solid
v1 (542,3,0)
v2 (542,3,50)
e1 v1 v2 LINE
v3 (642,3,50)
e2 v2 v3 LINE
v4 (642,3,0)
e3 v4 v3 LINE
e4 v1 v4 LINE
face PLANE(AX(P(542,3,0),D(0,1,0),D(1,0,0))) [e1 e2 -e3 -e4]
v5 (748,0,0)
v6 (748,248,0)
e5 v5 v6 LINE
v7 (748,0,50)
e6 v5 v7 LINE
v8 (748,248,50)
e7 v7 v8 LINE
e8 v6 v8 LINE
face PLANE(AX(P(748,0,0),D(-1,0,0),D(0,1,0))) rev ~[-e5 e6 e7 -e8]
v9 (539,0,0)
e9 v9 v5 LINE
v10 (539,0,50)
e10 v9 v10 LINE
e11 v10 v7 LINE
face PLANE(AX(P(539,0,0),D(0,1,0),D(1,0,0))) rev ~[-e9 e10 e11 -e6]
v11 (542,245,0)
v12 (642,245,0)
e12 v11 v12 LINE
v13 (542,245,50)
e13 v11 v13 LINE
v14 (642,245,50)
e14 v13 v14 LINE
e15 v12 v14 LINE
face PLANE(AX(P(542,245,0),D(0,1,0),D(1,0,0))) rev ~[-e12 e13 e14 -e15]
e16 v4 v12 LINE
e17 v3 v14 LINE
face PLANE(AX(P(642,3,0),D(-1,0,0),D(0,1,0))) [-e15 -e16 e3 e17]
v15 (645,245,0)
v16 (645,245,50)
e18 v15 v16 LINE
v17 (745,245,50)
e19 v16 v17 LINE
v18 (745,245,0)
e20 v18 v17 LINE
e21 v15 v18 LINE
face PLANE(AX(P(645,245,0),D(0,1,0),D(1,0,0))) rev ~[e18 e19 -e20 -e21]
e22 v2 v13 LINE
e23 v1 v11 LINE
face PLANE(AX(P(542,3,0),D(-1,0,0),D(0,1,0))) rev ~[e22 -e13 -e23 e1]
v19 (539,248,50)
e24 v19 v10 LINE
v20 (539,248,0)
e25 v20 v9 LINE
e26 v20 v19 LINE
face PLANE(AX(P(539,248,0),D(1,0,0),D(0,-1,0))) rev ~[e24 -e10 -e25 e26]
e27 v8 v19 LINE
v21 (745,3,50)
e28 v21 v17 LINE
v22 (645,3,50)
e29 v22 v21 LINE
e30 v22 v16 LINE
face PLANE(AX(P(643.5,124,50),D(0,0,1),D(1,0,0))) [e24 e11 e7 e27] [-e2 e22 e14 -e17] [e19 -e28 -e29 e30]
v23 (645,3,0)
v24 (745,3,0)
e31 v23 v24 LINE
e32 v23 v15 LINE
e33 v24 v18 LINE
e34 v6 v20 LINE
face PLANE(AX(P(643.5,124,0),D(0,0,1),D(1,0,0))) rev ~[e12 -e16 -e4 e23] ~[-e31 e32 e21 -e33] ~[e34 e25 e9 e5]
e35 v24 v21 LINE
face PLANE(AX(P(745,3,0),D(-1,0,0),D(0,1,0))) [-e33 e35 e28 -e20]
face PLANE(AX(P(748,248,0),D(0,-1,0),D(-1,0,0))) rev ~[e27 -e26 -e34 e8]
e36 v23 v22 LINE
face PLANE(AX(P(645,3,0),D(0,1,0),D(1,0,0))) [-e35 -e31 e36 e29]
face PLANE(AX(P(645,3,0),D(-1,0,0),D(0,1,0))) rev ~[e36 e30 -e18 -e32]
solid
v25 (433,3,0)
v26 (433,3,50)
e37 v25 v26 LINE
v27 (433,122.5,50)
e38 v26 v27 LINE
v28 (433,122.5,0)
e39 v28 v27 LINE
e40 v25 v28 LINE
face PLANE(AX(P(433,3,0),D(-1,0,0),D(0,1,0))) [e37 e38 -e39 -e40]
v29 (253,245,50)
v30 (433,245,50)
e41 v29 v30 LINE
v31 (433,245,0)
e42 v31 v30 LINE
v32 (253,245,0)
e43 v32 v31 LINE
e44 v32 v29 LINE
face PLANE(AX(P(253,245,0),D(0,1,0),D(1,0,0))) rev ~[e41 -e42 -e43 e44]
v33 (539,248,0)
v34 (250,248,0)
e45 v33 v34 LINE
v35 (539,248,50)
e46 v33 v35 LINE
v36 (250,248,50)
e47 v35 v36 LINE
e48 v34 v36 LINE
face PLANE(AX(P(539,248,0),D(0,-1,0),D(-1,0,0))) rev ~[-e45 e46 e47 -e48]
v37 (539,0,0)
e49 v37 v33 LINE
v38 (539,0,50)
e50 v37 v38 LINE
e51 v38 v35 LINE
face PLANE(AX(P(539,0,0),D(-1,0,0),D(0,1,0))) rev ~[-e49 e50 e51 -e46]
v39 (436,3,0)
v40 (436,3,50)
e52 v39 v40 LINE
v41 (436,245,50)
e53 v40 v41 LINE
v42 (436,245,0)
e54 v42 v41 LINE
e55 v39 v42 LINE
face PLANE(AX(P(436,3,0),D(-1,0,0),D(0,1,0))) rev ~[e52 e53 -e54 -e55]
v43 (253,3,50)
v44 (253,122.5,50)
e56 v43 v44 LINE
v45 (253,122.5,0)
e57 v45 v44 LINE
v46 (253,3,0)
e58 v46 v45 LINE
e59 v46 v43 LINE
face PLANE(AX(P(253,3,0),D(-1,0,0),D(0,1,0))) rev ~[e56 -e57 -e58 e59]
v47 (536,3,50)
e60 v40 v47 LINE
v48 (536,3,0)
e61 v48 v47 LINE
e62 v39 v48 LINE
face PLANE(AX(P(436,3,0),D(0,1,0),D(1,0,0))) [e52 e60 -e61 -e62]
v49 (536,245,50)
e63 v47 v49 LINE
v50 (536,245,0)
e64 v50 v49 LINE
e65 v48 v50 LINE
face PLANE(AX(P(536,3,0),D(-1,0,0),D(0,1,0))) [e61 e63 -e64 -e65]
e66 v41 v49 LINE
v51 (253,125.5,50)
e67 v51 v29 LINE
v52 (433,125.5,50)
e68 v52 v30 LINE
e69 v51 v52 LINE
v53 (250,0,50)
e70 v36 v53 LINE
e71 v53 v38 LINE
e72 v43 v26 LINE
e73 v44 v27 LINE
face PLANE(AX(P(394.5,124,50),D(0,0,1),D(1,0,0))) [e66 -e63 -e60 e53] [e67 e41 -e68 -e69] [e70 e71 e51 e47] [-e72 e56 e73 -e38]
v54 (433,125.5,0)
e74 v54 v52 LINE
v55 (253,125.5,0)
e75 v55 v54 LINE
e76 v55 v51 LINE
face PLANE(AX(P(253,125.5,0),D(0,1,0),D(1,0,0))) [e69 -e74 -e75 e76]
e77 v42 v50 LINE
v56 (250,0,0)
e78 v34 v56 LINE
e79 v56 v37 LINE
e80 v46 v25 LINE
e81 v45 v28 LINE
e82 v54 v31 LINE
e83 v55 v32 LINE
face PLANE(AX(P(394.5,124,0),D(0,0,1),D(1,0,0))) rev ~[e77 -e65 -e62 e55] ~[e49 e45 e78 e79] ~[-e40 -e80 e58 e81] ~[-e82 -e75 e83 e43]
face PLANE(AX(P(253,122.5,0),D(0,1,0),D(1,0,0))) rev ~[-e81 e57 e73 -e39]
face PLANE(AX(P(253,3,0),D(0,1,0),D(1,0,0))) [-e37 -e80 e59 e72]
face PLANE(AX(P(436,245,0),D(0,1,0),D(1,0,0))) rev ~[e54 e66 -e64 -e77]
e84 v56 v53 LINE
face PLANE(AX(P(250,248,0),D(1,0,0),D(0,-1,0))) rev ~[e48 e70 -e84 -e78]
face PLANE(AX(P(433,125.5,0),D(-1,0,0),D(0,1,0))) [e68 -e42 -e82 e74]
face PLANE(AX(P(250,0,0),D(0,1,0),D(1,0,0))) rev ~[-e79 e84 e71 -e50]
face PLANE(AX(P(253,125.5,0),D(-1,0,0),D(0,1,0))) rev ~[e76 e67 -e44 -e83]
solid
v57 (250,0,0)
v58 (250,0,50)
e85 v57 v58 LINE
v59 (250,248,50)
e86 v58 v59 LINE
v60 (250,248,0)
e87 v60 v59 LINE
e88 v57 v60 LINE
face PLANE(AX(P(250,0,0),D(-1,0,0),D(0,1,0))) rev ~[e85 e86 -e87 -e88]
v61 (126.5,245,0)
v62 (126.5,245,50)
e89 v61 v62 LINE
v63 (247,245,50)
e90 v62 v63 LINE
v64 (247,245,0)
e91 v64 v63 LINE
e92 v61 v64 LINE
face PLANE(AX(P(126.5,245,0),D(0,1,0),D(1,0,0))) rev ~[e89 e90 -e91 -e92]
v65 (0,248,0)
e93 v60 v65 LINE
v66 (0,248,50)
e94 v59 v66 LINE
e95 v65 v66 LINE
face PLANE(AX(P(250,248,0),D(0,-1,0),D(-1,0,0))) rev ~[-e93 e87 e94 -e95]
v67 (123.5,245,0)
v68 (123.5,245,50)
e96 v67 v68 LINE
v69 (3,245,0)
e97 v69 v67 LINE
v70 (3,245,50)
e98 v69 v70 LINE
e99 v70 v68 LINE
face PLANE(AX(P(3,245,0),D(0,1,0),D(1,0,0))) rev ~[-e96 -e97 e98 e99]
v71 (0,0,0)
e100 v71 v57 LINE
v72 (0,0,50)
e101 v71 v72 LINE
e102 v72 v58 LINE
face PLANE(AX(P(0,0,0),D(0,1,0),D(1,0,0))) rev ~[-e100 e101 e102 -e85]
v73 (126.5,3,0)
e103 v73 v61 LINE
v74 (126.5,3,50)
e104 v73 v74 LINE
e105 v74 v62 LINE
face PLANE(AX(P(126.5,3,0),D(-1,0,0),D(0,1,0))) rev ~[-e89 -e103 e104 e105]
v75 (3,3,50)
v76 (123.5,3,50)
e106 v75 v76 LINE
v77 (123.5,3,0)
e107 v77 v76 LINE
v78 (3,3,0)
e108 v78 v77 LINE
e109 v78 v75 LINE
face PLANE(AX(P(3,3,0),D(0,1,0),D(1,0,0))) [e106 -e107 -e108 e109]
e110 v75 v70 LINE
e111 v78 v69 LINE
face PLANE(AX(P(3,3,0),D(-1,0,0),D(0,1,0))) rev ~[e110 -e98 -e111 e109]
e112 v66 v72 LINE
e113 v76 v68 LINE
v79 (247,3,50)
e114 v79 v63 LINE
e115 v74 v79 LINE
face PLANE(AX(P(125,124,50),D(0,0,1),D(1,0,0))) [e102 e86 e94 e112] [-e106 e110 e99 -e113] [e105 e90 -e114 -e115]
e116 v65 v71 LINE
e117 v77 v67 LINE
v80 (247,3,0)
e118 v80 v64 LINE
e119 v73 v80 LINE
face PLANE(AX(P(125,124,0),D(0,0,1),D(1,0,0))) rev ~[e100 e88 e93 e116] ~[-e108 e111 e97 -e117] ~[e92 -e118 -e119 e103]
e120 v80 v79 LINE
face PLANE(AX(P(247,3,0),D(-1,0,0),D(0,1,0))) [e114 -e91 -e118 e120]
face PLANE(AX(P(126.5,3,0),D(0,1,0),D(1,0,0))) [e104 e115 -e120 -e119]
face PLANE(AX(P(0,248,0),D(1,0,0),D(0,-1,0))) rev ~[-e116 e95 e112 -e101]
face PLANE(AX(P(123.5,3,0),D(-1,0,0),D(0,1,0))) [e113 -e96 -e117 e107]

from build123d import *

# Parameters (mm, degrees)
F0_W     = 100
F0_H     = 242
F1_DEPTH = 50
F0_W_2   = 180
F0_H_2   = 119.5
F2_DEPTH = 50
F0_W_3   = 120.5
F3_DEPTH = 50


with BuildPart() as f1:
    # F0 (on Top) → F1 (new body)
    with BuildSketch(Plane.XY):
        Polygon((539, 3), (539, 0), (748, 0), (748, 248), (539, 248), (539, 245), align=None)
        with Locations((592, 124)):
            Rectangle(F0_W, F0_H, mode=Mode.SUBTRACT)
        with Locations((695, 124)):
            Rectangle(F0_W, F0_H, mode=Mode.SUBTRACT)
    extrude(amount=F1_DEPTH)


with BuildPart() as f2:
    # F0 (on Top) → F2 (new body)
    with BuildSketch(Plane.XY):
        Polygon((250, 3), (250, 0), (539, 0), (539, 3), (539, 245), (539, 248), (250, 248), (250, 245), align=None)
        with Locations((343, 62.75)):
            Rectangle(F0_W_2, F0_H_2, mode=Mode.SUBTRACT)
        with Locations((343, 185.25)):
            Rectangle(F0_W_2, F0_H_2, mode=Mode.SUBTRACT)
        with Locations((486, 124)):
            Rectangle(F0_W, F0_H, mode=Mode.SUBTRACT)
    extrude(amount=F2_DEPTH)


with BuildPart() as f3:
    # F0 (on Top) → F3 (new body)
    with BuildSketch(Plane.XY):
        Polygon((0, 248), (0, 0), (250, 0), (250, 3), (250, 245), (250, 248), align=None)
        with Locations((63.25, 124)):
            Rectangle(F0_W_3, F0_H, mode=Mode.SUBTRACT)
        with Locations((186.75, 124)):
            Rectangle(F0_W_3, F0_H, mode=Mode.SUBTRACT)
    extrude(amount=F3_DEPTH)


solid = Compound([f1.part, f2.part, f3.part])
